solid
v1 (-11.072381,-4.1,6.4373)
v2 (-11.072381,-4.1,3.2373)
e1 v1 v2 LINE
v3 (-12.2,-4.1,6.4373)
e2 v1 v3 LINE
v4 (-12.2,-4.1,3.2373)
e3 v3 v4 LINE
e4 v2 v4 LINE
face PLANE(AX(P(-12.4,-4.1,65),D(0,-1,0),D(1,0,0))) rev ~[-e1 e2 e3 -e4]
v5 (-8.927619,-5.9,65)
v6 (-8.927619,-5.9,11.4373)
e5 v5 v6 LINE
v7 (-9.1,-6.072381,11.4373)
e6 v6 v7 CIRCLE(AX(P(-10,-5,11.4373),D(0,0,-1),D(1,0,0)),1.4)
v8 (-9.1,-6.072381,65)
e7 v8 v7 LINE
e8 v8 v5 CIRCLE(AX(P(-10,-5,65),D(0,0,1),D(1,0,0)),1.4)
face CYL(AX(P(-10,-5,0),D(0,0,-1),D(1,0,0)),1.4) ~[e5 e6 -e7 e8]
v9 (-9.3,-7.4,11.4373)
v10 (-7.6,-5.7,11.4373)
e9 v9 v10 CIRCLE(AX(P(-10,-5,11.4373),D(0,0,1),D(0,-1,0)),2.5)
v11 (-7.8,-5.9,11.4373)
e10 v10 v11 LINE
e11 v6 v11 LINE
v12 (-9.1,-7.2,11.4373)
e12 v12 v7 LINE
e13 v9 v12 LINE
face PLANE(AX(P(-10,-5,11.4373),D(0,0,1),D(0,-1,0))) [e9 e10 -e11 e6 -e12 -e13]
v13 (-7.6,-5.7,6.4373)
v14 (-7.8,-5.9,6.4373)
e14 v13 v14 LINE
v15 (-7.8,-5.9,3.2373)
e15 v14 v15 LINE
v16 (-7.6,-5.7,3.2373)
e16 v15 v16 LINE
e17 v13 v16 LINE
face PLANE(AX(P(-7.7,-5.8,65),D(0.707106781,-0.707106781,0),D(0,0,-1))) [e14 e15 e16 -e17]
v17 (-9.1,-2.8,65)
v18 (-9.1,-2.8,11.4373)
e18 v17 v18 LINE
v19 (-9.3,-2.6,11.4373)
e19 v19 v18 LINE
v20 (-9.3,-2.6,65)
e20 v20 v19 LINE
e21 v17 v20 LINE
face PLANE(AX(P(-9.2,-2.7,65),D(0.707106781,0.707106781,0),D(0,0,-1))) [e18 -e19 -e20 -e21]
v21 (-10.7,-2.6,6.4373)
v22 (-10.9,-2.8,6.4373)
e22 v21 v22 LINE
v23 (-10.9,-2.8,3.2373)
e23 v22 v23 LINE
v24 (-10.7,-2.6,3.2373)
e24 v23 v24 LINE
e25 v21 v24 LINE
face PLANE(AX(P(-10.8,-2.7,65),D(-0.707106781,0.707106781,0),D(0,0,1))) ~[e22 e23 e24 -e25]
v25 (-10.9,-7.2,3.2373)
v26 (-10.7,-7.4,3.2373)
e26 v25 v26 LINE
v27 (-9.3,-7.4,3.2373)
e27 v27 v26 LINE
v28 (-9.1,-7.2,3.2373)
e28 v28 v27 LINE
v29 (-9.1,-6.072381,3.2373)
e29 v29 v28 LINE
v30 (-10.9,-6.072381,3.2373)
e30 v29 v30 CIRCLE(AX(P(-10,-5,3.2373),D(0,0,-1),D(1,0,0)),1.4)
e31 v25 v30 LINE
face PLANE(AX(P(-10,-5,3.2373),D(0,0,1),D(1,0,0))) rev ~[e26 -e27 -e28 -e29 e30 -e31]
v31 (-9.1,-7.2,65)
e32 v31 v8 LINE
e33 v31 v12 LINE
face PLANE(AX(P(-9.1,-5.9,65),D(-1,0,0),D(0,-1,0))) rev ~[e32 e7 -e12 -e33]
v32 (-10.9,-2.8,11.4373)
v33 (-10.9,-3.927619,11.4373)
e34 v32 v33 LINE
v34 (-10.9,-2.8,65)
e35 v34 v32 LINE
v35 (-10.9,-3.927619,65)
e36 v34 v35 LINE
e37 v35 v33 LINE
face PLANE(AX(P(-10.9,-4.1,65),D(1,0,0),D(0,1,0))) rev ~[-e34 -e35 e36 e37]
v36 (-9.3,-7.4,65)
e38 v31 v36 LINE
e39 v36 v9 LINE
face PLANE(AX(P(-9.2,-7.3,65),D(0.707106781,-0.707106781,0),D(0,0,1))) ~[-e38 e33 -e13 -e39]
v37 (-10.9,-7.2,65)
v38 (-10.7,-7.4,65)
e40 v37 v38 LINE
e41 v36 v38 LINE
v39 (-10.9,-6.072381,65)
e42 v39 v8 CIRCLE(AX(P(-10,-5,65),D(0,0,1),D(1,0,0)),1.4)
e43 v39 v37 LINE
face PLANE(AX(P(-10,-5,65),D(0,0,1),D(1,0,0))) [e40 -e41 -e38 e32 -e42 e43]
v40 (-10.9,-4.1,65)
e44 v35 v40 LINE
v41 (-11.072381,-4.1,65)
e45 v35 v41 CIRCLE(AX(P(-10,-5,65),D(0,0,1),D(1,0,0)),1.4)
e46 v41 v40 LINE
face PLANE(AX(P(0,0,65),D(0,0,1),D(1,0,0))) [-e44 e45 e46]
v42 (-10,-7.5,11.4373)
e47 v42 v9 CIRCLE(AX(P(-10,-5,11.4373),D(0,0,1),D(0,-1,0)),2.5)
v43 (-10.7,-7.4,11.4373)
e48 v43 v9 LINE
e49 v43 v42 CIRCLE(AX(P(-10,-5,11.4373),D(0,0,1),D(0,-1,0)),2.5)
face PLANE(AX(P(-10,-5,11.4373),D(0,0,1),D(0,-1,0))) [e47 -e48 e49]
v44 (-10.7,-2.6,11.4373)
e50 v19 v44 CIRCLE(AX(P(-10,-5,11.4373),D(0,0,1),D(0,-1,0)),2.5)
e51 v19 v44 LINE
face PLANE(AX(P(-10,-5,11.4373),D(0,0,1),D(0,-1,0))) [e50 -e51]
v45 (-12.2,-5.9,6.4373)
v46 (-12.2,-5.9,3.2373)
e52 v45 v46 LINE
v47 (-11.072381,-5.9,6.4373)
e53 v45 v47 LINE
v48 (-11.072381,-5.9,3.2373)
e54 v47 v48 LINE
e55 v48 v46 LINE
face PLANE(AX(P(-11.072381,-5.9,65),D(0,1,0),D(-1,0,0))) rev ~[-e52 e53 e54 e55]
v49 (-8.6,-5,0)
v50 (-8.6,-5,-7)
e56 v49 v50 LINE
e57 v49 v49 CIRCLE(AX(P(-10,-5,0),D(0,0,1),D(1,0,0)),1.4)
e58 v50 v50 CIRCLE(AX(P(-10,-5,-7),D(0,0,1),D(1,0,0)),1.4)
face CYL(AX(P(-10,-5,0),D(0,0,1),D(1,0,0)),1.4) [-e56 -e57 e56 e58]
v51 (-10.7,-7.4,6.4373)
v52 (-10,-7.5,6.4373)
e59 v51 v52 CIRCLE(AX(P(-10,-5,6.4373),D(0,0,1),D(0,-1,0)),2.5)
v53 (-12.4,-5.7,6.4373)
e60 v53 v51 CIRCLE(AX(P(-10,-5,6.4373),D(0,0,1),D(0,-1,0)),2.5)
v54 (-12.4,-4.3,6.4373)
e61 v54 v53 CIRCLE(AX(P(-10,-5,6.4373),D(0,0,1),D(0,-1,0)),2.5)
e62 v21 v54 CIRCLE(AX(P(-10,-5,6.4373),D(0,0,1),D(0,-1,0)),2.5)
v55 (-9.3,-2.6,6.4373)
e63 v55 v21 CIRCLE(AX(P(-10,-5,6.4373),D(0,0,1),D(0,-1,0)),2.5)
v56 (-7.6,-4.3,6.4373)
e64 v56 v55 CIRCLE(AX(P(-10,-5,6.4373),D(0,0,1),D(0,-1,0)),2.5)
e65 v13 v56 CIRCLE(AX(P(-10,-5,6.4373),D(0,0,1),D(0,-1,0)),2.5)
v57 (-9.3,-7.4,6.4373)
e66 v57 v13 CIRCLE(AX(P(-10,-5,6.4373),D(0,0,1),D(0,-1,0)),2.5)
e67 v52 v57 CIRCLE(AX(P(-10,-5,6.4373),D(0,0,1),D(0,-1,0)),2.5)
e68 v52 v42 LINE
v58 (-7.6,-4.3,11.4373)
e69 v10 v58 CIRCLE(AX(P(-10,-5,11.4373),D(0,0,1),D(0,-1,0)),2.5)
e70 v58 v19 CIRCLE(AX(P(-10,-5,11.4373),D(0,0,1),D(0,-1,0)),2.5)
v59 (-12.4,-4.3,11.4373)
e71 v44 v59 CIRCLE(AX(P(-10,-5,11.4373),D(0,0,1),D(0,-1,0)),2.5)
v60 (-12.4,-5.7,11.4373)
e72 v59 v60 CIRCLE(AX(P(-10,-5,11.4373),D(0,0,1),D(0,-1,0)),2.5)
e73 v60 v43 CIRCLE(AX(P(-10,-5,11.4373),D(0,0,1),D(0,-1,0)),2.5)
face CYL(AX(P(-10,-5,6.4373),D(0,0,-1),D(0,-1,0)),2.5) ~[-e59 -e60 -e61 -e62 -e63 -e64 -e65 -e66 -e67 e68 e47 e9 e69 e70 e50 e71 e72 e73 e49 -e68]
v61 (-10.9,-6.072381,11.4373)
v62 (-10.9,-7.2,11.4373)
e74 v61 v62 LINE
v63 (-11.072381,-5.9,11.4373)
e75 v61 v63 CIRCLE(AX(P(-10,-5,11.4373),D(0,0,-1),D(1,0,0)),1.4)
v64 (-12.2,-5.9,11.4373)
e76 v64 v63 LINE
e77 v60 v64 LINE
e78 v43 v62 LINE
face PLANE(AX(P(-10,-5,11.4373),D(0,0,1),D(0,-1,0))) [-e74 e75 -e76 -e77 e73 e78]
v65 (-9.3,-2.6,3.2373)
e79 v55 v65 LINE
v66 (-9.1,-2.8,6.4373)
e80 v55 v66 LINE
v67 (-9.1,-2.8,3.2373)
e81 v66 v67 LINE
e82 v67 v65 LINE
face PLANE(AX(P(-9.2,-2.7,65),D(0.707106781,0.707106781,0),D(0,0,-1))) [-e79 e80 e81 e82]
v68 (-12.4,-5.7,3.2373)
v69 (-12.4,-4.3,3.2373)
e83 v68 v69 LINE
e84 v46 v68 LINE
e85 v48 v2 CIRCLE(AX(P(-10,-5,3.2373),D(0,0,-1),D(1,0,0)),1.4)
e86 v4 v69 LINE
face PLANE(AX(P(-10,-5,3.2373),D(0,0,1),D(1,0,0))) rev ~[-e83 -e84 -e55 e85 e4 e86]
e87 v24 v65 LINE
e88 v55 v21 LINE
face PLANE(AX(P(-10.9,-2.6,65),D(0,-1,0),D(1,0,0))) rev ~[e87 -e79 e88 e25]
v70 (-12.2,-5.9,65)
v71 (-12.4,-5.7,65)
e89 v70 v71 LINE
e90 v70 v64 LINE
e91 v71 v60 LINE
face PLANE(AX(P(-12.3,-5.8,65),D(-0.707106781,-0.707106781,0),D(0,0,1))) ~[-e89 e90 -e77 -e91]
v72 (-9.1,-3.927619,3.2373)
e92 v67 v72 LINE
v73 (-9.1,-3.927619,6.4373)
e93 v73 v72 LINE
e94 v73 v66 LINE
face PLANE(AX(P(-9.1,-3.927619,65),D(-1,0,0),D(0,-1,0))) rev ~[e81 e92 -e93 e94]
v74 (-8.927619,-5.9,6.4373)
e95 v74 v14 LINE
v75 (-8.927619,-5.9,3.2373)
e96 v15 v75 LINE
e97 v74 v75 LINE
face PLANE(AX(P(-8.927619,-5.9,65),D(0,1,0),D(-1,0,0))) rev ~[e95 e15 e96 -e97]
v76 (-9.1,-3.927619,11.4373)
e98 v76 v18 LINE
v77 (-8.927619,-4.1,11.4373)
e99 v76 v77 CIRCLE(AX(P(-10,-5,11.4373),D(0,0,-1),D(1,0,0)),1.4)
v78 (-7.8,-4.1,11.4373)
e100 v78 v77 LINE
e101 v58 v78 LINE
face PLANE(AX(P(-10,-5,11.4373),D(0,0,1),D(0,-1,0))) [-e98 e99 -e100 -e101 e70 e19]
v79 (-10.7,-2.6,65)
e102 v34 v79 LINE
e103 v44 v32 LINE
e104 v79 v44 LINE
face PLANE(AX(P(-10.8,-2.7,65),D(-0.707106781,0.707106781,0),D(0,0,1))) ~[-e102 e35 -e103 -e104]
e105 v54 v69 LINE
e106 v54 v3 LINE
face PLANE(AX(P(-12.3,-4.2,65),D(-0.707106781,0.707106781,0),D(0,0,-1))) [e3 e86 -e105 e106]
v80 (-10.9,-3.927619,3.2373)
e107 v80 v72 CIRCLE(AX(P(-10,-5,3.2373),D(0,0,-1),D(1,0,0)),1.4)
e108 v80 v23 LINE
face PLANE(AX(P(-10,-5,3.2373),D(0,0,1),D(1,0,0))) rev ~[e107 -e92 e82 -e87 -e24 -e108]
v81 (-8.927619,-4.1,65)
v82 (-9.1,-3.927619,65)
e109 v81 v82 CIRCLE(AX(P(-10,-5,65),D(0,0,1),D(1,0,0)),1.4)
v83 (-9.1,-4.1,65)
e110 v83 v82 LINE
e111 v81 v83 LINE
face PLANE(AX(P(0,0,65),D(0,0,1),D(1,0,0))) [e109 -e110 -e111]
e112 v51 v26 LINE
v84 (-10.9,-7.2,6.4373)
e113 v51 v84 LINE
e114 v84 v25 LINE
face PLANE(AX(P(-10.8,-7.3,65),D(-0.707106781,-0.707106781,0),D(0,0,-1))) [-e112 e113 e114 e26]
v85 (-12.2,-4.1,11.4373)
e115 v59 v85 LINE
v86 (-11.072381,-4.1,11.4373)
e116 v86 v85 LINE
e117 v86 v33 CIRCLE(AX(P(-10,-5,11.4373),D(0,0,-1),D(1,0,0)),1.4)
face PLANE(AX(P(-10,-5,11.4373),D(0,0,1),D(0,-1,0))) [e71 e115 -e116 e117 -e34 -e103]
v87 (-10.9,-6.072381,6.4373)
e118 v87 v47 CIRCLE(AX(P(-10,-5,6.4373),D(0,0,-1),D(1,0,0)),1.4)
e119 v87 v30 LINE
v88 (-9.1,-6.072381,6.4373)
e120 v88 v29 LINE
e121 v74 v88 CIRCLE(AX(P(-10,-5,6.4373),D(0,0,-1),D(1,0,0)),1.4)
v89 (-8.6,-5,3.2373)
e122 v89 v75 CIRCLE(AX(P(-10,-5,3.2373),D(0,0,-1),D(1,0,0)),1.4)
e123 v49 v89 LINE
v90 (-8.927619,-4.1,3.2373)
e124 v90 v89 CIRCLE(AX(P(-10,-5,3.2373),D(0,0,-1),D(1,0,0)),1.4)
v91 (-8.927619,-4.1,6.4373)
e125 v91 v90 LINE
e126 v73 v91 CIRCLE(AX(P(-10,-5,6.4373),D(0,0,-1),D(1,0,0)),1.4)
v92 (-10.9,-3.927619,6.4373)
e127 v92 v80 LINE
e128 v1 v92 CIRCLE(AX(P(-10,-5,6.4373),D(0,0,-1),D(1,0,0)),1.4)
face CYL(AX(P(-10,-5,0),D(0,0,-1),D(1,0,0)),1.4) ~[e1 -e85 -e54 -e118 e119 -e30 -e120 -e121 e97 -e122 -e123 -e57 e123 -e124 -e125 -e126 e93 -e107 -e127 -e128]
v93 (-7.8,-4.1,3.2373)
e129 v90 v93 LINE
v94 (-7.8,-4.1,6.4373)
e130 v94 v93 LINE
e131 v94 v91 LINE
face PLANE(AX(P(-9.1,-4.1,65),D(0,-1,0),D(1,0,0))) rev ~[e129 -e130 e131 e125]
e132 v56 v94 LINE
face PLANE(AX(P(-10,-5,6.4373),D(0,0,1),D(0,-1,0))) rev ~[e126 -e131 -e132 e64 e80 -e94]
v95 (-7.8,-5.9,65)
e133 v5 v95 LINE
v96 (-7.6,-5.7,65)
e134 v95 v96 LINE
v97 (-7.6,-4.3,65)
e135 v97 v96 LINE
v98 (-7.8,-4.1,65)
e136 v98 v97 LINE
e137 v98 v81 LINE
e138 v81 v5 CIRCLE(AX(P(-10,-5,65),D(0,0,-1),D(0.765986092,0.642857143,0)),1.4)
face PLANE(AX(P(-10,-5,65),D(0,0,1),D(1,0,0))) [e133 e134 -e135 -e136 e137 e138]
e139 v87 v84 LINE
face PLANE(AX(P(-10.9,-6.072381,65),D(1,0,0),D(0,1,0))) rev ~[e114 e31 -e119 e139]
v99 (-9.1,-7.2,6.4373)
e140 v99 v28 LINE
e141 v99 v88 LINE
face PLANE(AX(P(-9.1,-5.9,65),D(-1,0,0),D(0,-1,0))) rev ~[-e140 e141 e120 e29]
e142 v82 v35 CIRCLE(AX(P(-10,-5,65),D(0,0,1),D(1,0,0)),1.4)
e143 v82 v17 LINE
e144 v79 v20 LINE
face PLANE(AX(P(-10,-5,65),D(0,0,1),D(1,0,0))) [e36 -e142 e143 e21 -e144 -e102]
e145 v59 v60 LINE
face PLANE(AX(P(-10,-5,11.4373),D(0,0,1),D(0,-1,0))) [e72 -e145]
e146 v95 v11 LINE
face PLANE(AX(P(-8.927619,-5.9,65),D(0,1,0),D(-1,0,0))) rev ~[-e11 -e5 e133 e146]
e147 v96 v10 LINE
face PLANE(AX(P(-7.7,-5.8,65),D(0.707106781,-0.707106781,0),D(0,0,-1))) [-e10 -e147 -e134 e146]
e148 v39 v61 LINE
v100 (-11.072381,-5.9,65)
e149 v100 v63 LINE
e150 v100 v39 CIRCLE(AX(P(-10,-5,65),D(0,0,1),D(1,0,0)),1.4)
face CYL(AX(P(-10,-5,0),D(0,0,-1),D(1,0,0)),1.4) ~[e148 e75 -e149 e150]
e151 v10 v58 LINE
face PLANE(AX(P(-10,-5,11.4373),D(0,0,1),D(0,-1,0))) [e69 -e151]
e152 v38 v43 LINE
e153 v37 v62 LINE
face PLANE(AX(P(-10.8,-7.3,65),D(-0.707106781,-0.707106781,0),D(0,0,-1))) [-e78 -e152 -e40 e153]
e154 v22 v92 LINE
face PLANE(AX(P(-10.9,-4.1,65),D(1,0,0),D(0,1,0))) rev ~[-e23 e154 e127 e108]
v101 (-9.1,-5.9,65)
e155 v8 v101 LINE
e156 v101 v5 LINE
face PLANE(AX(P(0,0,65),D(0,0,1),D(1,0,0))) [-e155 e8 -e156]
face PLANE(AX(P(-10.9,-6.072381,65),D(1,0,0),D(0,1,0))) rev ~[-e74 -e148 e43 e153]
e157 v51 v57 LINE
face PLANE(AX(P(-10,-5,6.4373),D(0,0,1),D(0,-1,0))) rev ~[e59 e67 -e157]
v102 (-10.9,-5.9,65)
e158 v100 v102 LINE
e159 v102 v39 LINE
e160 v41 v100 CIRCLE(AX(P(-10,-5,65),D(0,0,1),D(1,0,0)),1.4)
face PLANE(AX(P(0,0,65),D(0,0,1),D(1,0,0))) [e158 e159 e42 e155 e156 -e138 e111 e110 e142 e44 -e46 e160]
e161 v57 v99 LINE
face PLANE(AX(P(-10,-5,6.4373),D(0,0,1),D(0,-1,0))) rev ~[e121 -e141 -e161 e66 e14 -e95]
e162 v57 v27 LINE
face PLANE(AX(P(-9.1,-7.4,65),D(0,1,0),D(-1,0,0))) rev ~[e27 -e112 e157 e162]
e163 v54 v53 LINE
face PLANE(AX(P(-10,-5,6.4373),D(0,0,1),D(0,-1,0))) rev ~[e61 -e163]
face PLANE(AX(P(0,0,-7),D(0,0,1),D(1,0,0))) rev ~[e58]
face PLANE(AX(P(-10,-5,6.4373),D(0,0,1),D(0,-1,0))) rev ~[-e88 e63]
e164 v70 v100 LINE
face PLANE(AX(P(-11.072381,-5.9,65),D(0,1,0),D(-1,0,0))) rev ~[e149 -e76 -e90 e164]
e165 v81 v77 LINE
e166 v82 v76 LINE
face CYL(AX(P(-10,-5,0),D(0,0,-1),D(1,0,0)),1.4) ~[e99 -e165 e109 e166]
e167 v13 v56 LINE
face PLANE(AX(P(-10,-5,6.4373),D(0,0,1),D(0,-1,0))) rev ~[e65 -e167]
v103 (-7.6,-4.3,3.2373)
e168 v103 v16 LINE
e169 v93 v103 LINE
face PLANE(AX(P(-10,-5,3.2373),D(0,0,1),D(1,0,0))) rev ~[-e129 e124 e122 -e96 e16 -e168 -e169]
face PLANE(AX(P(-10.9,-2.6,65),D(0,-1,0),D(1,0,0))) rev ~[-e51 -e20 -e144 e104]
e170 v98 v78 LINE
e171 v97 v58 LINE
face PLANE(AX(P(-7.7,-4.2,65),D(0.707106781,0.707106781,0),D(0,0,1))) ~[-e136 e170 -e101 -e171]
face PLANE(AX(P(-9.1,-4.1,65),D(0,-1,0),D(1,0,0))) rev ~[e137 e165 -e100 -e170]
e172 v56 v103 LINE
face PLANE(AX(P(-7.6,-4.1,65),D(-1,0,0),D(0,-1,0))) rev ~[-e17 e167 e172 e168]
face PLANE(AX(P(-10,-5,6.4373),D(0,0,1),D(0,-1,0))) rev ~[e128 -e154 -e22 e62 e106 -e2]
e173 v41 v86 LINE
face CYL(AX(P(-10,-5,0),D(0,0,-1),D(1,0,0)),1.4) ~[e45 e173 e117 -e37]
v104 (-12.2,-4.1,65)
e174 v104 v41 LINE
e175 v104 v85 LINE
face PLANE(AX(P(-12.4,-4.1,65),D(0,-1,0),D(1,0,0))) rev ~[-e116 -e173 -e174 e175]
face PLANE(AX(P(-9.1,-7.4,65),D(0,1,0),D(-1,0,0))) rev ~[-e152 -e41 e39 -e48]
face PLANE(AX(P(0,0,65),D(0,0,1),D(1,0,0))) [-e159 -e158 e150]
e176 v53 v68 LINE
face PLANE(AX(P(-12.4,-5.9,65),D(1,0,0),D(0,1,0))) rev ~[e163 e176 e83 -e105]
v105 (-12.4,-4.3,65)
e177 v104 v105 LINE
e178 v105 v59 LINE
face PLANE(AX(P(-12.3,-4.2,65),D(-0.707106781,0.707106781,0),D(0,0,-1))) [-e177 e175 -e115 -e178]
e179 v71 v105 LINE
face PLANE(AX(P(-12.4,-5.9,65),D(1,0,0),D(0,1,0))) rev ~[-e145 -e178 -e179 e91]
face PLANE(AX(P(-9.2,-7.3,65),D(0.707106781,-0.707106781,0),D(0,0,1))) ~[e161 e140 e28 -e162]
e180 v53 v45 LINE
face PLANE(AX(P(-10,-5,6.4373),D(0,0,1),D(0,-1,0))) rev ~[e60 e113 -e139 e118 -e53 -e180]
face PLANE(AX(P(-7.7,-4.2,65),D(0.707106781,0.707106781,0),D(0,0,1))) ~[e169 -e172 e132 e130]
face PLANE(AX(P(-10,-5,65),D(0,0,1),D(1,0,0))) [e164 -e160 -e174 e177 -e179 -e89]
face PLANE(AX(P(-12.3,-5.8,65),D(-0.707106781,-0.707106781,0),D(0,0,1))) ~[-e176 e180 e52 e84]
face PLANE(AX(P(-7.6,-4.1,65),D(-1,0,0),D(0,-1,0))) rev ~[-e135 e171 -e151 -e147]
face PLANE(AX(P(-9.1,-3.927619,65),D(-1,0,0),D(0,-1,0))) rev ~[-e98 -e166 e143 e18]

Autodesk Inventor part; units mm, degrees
ref_plane "Plano de trabajo1" through (0, 0, 0) normal (0, 0, 1) x (1, 0, 0)
sketch "Boceto1" plane through (0, 0, 0) normal (0, 0, 1) x (1, 0, 0)
  circle A0 centre (-10, -5) radius 1.4
  point P0 (0, 0)
  dimension "d0" = 2.8
extrude "Extrusión1" add sketch "Boceto1" along normal blind 65 and the other way blind 7
sketch "Boceto3" plane through (-10, -5, 65) normal (0, 0, 1) x (1, 0, 0)
  line L0 (-2.4, 0.9) -> (2.4, 0.9)
  line L1 (2.4, 0.9) -> (2.4, -0.9)
  line L2 (2.4, -0.9) -> (-2.4, -0.9)
  line L3 (-2.4, -0.9) -> (-2.4, 0.9)
  line L4 (-2.4, 0.9) -> (2.4, -0.9) construction
  line L5 (2.4, 0.9) -> (-2.4, -0.9) construction
  circle A0 centre (0, 0) radius 1.4 projected
  line L6 (-0.9, 2.4) -> (0.9, 2.4)
  line L7 (0.9, 2.4) -> (0.9, -2.4)
  line L8 (0.9, -2.4) -> (-0.9, -2.4)
  line L9 (-0.9, -2.4) -> (-0.9, 2.4)
  line L10 (-0.9, 2.4) -> (0.9, -2.4) construction
  line L11 (0.9, 2.4) -> (-0.9, -2.4) construction
  point P0 (10, 5)
  point P1 (0.9, 0.9)
  point P2 (-0.9, 0.9)
  point P3 (-0.9, -0.9)
  point P4 (0.9, -0.9)
  dimension "d11" = 4.8
  dimension "d12" = 1.8
ref_plane "Plano de trabajo2" through (-27.5, -25, 0) normal (0, 0, 1) x (1, 0, 0)
ref_plane "Plano de trabajo4" through (-27.5, -25, 3.2373) normal (0, 0, 1) x (1, 0, 0)
extrude "Extrusión3" add sketch "Boceto3" against normal up to surface (61.7627 mm away) contours L0 A0 L2 L3 | L0 L9 L2 A0 | L9 A0 L7 L0 | L0 L7 L2 L9 | L9 L6 L7 A0 | L0 A0 L2 L7 | L2 L7 A0 L9 | A0 L7 L8 L9 | L0 L1 L2 A0
chamfer "Chaflán1" distance 0.2 angle 45 8 edges at (-7.6, -4.1, 34.1186) (-7.6, -5.9, 34.1186) (-9.1, -7.4, 34.1186) (-10.9, -7.4, 34.1186) (-12.4, -5.9, 34.1186) (-12.4, -4.1, 34.1186) (-10.9, -2.6, 34.1186) (-9.1, -2.6, 34.1186)
ref_plane "Plano de trabajo3" through (-10, -5, 3) normal (0, 0, 1) x (0, -1, 0)
ref_plane "Plano de trabajo5" through (-22.3692, -98.1544, 6.2373) normal (0, 0, 1) x (1, 0, 0)
ref_plane "Plano de trabajo6" through (-22.3692, -98.1544, 6.2373) normal (0, 0, 1) x (1, 0, 0)
ref_plane "Plano de trabajo7" through (-10, -5, 6.4373) normal (0, 0, 1) x (0, -1, 0)
sketch "Boceto4" plane through (-10, -5, 3) normal (0, 0, 1) x (0, -1, 0)
  circle A0 centre (0, 0) radius 2.5
  point P0 (-5, 10)
  point P1 (-1.2041, 2.1909)
  dimension "d20" = 5
extrude "Extrusión4" add sketch "Boceto4" along normal blind 5 from surface at 3.4373
properties part number "EjecilindroGarraSTD"
